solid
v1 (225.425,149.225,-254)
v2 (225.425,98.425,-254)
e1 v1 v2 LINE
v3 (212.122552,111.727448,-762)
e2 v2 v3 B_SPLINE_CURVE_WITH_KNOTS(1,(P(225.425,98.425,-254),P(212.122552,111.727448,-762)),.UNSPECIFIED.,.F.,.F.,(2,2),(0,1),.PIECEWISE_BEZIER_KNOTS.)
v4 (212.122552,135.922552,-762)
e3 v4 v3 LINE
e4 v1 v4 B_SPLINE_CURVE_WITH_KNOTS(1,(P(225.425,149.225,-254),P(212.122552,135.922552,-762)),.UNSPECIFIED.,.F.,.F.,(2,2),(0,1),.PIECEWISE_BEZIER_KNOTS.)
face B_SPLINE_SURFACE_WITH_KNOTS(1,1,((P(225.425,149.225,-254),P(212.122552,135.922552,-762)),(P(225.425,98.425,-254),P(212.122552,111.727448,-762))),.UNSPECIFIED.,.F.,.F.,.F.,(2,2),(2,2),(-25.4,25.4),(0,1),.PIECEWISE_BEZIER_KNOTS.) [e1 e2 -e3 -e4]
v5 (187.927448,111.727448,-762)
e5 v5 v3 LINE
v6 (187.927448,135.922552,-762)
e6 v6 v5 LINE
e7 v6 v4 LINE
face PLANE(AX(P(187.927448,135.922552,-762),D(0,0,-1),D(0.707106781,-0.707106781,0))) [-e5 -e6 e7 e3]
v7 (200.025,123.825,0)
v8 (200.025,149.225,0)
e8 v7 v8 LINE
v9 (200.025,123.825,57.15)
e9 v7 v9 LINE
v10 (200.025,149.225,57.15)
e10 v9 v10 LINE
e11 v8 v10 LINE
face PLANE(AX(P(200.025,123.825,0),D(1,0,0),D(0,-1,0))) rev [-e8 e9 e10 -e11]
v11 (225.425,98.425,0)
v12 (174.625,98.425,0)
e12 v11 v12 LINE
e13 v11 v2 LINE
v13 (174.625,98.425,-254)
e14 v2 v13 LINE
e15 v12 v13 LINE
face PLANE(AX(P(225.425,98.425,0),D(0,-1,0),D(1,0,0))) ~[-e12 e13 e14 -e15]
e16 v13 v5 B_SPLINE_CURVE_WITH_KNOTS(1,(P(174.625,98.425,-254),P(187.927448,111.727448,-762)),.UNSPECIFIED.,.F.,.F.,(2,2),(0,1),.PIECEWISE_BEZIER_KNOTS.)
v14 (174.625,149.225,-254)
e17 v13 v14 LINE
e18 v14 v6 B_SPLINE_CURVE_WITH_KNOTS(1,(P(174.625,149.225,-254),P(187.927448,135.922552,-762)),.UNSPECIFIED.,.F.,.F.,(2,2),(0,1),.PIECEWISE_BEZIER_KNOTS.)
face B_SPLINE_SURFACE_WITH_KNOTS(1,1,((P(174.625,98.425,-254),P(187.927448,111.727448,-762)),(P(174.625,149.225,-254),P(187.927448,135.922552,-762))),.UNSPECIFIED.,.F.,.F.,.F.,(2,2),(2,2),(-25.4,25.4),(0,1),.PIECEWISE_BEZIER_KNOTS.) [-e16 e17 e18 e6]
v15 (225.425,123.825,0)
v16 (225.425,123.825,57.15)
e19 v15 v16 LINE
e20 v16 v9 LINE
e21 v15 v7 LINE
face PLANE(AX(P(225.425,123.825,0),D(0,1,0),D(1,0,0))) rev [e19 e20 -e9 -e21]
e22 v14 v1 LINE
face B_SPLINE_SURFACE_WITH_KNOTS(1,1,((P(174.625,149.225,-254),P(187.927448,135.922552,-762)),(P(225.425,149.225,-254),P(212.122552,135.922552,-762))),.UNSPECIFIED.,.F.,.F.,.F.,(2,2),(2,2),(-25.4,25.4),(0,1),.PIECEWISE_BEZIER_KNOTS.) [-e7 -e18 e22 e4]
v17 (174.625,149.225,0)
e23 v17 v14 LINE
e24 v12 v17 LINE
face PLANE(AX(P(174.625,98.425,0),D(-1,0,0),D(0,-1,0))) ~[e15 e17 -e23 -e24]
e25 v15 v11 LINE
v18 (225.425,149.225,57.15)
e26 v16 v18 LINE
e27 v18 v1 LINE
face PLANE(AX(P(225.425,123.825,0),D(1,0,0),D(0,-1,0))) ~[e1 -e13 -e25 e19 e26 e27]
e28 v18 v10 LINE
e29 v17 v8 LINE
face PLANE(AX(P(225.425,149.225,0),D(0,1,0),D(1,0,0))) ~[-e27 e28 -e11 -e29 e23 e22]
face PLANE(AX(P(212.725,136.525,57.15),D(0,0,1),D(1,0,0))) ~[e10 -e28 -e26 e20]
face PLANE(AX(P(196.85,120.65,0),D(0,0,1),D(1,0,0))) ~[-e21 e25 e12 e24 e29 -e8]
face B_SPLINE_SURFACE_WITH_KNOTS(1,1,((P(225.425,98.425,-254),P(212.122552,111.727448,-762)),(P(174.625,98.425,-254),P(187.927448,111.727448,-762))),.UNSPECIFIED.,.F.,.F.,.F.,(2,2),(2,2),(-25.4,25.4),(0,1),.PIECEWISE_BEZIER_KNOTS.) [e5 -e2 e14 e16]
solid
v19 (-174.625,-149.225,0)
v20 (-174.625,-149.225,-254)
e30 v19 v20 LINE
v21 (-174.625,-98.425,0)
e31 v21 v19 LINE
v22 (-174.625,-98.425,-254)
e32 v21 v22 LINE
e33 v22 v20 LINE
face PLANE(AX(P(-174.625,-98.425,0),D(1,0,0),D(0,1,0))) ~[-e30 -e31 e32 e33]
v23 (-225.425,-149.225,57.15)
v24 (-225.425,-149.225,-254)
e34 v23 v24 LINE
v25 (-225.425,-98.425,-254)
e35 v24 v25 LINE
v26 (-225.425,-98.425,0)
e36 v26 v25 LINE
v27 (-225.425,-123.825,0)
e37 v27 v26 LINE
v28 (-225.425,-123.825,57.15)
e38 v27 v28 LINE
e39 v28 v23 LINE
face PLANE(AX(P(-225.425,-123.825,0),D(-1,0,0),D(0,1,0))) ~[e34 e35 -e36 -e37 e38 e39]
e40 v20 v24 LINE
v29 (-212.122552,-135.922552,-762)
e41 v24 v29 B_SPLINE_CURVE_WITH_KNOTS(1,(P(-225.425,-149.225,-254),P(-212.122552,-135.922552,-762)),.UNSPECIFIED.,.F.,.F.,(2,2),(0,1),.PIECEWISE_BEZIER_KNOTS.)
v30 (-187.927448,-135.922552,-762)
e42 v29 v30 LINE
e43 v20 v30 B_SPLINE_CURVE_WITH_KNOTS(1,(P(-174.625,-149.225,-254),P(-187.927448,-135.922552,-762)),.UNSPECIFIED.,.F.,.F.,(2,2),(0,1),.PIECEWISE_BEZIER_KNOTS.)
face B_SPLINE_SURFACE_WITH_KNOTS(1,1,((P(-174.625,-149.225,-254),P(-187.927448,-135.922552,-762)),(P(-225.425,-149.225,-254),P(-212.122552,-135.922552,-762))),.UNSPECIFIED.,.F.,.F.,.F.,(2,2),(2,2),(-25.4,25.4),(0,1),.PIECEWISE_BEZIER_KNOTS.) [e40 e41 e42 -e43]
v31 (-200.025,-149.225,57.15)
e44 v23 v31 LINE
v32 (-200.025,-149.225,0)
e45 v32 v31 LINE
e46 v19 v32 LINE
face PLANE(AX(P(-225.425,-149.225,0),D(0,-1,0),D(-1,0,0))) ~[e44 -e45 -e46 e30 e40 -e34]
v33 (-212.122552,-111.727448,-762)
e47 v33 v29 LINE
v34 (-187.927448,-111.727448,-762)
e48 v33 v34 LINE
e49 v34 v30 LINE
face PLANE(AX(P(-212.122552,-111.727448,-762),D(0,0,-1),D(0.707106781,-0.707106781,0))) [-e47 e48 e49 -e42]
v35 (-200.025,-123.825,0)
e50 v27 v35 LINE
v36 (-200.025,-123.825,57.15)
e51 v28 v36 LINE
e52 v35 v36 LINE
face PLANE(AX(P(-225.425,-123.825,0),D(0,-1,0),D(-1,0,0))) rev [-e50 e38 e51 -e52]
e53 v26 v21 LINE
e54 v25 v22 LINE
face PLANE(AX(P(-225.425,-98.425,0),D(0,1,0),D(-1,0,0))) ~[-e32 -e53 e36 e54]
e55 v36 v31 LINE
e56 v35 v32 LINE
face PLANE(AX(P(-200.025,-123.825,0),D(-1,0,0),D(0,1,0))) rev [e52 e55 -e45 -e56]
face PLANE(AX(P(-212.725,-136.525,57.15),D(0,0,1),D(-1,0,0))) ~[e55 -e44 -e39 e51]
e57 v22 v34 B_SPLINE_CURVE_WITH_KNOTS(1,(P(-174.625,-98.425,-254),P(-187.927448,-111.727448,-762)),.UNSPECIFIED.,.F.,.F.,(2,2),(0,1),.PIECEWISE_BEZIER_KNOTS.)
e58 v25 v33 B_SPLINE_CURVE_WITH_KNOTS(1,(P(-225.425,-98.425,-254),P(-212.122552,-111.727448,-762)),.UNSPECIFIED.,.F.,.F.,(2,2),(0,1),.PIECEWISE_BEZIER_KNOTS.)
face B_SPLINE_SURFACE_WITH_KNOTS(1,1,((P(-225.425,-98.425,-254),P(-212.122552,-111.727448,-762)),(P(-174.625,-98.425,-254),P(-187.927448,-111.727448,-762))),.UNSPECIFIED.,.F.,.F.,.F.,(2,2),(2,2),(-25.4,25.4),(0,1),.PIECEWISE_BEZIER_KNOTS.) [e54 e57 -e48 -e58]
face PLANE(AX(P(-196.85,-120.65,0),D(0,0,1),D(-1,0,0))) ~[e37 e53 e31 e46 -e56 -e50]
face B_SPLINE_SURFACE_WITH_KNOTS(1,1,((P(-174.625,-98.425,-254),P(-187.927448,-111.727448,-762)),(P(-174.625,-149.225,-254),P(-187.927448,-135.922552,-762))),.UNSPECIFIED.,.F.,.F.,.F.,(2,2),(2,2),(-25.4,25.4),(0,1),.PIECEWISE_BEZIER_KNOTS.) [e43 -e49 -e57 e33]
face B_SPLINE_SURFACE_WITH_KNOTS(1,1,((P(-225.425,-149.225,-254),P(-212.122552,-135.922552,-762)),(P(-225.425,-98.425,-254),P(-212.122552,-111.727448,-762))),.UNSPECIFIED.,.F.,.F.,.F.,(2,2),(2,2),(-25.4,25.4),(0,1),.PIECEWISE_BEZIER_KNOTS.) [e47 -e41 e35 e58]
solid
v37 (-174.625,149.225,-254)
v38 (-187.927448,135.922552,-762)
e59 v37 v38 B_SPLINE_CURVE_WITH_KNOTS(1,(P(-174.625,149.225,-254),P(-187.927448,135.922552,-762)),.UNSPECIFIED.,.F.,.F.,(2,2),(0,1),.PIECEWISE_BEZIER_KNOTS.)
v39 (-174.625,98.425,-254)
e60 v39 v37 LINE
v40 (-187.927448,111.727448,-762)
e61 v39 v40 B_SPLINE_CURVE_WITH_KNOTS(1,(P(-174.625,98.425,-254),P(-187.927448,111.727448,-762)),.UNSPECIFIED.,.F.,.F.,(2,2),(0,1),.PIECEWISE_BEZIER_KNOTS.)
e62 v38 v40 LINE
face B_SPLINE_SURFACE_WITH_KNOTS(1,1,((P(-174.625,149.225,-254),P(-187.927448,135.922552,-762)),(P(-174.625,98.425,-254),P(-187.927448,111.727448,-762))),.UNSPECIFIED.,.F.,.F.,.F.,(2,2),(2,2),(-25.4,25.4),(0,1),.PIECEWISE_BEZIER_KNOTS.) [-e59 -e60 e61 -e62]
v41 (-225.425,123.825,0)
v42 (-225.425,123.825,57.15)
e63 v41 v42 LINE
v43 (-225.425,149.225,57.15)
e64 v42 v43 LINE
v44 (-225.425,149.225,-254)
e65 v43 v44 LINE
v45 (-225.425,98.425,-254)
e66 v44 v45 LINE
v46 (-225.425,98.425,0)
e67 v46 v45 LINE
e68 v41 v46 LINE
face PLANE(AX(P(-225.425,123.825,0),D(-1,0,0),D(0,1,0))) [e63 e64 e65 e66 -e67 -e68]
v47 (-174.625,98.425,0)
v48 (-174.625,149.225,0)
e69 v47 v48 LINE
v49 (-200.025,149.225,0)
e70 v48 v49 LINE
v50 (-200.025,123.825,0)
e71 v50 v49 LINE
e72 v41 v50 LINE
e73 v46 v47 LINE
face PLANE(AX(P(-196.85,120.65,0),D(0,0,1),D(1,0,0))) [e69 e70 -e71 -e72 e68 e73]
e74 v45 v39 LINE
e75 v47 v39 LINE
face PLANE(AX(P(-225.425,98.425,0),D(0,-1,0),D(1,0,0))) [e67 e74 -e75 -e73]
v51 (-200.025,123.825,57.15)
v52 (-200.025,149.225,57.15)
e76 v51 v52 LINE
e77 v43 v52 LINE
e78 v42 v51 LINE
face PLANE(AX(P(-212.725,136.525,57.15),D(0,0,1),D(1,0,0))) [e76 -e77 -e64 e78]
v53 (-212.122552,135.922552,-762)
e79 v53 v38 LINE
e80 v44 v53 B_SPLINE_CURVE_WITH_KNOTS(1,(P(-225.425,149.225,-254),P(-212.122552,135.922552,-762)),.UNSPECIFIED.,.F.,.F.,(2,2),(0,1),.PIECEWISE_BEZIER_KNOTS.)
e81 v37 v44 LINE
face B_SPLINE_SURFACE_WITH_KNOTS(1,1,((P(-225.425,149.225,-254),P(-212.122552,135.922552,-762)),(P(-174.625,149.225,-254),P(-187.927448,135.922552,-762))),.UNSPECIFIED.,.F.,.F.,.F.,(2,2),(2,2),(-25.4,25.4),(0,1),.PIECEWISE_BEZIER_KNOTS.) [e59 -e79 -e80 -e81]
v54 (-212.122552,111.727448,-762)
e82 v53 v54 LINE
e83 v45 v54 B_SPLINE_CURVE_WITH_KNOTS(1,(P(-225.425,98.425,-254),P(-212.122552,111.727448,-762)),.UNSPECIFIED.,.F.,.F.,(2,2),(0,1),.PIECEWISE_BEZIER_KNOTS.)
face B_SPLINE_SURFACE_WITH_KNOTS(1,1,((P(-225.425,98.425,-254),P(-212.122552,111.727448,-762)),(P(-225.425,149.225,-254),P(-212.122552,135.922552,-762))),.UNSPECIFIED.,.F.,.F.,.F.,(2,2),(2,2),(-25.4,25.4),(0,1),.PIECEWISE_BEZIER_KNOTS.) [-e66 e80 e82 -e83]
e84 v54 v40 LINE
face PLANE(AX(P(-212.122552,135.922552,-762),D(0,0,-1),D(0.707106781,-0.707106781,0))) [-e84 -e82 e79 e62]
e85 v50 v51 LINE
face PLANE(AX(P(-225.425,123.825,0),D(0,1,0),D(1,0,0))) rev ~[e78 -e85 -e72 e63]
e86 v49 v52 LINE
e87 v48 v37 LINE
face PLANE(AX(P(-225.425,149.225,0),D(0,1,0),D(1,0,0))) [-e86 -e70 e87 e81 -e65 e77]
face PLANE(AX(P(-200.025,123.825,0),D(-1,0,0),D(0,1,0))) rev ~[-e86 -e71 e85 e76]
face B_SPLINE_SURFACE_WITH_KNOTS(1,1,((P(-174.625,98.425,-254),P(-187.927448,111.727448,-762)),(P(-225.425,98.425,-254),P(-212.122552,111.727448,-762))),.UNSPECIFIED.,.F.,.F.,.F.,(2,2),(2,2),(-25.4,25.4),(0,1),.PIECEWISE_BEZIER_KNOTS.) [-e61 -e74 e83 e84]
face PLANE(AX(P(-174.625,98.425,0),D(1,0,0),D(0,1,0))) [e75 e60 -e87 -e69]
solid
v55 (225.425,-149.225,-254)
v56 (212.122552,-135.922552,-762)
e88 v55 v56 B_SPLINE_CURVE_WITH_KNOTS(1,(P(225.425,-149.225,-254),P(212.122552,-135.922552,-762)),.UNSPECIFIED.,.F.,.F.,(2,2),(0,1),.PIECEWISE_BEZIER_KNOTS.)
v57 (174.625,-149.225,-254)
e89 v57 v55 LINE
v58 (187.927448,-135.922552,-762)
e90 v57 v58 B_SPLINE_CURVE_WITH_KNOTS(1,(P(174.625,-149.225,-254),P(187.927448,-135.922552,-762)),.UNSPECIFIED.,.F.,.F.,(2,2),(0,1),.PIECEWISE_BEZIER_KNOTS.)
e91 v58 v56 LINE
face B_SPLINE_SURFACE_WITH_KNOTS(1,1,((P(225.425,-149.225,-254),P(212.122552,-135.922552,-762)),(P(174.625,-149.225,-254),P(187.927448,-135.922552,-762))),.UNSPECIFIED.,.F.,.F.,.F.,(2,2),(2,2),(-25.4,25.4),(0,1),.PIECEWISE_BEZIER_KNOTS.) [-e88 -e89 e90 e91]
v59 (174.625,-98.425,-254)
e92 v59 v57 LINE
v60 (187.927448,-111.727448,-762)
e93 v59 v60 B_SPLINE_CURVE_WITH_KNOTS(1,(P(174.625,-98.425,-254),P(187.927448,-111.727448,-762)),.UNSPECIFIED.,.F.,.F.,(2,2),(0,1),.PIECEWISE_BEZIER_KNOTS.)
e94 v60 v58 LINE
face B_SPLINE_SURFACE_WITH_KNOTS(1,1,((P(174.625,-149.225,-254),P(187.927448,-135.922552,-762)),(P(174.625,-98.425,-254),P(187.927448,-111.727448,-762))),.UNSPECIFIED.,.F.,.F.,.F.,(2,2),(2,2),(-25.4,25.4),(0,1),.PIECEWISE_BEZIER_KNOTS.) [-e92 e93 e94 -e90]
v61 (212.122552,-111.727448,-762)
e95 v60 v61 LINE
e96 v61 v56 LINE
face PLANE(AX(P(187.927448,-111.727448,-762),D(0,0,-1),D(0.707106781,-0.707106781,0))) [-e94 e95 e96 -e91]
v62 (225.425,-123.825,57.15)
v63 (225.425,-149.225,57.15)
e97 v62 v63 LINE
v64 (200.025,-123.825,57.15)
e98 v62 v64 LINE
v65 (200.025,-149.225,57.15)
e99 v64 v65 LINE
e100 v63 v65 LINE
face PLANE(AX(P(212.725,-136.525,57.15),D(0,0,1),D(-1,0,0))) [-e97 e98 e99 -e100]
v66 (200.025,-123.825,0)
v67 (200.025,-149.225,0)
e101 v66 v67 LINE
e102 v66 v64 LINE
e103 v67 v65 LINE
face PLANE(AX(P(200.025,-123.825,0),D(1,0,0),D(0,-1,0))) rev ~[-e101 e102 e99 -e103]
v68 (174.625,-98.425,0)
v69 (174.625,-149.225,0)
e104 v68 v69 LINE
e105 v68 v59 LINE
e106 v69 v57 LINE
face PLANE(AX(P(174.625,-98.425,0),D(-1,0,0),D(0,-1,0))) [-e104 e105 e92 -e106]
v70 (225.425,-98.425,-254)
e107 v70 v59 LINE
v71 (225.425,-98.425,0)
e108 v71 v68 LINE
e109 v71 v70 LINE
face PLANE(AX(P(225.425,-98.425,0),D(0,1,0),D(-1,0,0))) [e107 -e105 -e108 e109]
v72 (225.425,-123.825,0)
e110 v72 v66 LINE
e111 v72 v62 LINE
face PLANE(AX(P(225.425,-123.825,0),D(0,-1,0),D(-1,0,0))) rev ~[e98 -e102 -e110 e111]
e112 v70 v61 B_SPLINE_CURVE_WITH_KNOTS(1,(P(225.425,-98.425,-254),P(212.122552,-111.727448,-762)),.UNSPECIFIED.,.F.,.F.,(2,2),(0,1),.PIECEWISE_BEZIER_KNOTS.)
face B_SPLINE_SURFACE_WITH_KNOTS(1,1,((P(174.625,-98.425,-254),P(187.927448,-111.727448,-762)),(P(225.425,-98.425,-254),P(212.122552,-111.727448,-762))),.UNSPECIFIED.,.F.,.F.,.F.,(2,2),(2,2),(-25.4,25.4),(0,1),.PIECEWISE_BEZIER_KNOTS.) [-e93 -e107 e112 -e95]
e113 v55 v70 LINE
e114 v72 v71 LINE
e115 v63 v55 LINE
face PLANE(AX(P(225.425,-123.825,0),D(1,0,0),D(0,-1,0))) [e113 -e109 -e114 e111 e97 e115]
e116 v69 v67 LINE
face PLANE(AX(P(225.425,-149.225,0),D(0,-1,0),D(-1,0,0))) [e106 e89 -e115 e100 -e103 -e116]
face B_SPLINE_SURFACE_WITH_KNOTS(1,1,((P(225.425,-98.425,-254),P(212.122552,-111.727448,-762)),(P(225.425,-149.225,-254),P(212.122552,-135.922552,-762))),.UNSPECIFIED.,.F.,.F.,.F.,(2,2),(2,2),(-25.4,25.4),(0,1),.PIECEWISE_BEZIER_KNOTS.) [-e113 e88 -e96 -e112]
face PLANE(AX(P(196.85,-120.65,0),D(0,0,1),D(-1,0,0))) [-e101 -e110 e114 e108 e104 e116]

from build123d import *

# Parameters (mm, degrees)
F1_W      = 25.4
F1_H      = 25.4
F2_DEPTH  = 254
F3_DEPTH  = 57.15
F2_FACE_W = 50.8
F2_FACE_H = 50.8
F6_DEPTH  = 508
F6_TAPER  = 1.5
F4_FACE_W = 50.8
F4_FACE_H = 50.8
F5_FACE_W = 50.8
F5_FACE_H = 50.8


with BuildPart() as f2:
    # F1 (on Top) → F2 (new body)
    with BuildSketch(Plane.XY):
        Polygon((-174.625, 149.225), (-200.025, 149.225), (-200.025, 123.825), (-225.425, 123.825), (-225.425, 98.425), (-174.625, 98.425), align=None)
        with Locations((-212.725, 136.525)):
            Rectangle(F1_W, F1_H)
    extrude(amount=-F2_DEPTH)

    # F1 (on Top) → F3 (join)
    with BuildSketch(Plane.XY):
        with Locations((-212.725, 136.525)):
            Rectangle(F1_W, F1_H)
    extrude(amount=F3_DEPTH)


with BuildPart() as f4_1:
    # F4: instance of F2
    add(f2.part.mirror(Plane.YZ))


with BuildPart() as f5_1:
    # F5: instance of F2
    add(f2.part.mirror(Plane.XZ))

    # F5_face (on face) → F6, piece 4 (join)
    with BuildSketch(Plane(origin=(200.025, -123.825, -254), x_dir=(1, 0, 0), z_dir=(0, 0, -1))):
        with Locations((-400.05, 0)):
            Rectangle(F5_FACE_W, F5_FACE_H)
    extrude(amount=F6_DEPTH, taper=F6_TAPER)


with BuildPart() as f5_2:
    # F5: instance of F4_1
    add(f4_1.part.mirror(Plane.XZ))

    # F5_face (on face) → F6, piece 3 (join)
    with BuildSketch(Plane(origin=(200.025, -123.825, -254), x_dir=(1, 0, 0), z_dir=(0, 0, -1))):
        Rectangle(F5_FACE_W, F5_FACE_H)
    extrude(amount=F6_DEPTH, taper=F6_TAPER)


with BuildPart() as f2_1:
    add(f2.part)

    # F2_face (on face) → F6 (join)
    with BuildSketch(Plane(origin=(-200.025, 123.825, -254), x_dir=(1, 0, 0), z_dir=(0, 0, -1))):
        Rectangle(F2_FACE_W, F2_FACE_H)
    extrude(amount=F6_DEPTH, taper=F6_TAPER)


with BuildPart() as f4_1_1:
    add(f4_1.part)

    # F4_face (on face) → F6, piece 2 (join)
    with BuildSketch(Plane(origin=(200.025, 123.825, -254), x_dir=(1, 0, 0), z_dir=(0, 0, -1))):
        Rectangle(F4_FACE_W, F4_FACE_H)
    extrude(amount=F6_DEPTH, taper=F6_TAPER)


solid = Compound([f5_1.part, f5_2.part, f2_1.part, f4_1_1.part])
